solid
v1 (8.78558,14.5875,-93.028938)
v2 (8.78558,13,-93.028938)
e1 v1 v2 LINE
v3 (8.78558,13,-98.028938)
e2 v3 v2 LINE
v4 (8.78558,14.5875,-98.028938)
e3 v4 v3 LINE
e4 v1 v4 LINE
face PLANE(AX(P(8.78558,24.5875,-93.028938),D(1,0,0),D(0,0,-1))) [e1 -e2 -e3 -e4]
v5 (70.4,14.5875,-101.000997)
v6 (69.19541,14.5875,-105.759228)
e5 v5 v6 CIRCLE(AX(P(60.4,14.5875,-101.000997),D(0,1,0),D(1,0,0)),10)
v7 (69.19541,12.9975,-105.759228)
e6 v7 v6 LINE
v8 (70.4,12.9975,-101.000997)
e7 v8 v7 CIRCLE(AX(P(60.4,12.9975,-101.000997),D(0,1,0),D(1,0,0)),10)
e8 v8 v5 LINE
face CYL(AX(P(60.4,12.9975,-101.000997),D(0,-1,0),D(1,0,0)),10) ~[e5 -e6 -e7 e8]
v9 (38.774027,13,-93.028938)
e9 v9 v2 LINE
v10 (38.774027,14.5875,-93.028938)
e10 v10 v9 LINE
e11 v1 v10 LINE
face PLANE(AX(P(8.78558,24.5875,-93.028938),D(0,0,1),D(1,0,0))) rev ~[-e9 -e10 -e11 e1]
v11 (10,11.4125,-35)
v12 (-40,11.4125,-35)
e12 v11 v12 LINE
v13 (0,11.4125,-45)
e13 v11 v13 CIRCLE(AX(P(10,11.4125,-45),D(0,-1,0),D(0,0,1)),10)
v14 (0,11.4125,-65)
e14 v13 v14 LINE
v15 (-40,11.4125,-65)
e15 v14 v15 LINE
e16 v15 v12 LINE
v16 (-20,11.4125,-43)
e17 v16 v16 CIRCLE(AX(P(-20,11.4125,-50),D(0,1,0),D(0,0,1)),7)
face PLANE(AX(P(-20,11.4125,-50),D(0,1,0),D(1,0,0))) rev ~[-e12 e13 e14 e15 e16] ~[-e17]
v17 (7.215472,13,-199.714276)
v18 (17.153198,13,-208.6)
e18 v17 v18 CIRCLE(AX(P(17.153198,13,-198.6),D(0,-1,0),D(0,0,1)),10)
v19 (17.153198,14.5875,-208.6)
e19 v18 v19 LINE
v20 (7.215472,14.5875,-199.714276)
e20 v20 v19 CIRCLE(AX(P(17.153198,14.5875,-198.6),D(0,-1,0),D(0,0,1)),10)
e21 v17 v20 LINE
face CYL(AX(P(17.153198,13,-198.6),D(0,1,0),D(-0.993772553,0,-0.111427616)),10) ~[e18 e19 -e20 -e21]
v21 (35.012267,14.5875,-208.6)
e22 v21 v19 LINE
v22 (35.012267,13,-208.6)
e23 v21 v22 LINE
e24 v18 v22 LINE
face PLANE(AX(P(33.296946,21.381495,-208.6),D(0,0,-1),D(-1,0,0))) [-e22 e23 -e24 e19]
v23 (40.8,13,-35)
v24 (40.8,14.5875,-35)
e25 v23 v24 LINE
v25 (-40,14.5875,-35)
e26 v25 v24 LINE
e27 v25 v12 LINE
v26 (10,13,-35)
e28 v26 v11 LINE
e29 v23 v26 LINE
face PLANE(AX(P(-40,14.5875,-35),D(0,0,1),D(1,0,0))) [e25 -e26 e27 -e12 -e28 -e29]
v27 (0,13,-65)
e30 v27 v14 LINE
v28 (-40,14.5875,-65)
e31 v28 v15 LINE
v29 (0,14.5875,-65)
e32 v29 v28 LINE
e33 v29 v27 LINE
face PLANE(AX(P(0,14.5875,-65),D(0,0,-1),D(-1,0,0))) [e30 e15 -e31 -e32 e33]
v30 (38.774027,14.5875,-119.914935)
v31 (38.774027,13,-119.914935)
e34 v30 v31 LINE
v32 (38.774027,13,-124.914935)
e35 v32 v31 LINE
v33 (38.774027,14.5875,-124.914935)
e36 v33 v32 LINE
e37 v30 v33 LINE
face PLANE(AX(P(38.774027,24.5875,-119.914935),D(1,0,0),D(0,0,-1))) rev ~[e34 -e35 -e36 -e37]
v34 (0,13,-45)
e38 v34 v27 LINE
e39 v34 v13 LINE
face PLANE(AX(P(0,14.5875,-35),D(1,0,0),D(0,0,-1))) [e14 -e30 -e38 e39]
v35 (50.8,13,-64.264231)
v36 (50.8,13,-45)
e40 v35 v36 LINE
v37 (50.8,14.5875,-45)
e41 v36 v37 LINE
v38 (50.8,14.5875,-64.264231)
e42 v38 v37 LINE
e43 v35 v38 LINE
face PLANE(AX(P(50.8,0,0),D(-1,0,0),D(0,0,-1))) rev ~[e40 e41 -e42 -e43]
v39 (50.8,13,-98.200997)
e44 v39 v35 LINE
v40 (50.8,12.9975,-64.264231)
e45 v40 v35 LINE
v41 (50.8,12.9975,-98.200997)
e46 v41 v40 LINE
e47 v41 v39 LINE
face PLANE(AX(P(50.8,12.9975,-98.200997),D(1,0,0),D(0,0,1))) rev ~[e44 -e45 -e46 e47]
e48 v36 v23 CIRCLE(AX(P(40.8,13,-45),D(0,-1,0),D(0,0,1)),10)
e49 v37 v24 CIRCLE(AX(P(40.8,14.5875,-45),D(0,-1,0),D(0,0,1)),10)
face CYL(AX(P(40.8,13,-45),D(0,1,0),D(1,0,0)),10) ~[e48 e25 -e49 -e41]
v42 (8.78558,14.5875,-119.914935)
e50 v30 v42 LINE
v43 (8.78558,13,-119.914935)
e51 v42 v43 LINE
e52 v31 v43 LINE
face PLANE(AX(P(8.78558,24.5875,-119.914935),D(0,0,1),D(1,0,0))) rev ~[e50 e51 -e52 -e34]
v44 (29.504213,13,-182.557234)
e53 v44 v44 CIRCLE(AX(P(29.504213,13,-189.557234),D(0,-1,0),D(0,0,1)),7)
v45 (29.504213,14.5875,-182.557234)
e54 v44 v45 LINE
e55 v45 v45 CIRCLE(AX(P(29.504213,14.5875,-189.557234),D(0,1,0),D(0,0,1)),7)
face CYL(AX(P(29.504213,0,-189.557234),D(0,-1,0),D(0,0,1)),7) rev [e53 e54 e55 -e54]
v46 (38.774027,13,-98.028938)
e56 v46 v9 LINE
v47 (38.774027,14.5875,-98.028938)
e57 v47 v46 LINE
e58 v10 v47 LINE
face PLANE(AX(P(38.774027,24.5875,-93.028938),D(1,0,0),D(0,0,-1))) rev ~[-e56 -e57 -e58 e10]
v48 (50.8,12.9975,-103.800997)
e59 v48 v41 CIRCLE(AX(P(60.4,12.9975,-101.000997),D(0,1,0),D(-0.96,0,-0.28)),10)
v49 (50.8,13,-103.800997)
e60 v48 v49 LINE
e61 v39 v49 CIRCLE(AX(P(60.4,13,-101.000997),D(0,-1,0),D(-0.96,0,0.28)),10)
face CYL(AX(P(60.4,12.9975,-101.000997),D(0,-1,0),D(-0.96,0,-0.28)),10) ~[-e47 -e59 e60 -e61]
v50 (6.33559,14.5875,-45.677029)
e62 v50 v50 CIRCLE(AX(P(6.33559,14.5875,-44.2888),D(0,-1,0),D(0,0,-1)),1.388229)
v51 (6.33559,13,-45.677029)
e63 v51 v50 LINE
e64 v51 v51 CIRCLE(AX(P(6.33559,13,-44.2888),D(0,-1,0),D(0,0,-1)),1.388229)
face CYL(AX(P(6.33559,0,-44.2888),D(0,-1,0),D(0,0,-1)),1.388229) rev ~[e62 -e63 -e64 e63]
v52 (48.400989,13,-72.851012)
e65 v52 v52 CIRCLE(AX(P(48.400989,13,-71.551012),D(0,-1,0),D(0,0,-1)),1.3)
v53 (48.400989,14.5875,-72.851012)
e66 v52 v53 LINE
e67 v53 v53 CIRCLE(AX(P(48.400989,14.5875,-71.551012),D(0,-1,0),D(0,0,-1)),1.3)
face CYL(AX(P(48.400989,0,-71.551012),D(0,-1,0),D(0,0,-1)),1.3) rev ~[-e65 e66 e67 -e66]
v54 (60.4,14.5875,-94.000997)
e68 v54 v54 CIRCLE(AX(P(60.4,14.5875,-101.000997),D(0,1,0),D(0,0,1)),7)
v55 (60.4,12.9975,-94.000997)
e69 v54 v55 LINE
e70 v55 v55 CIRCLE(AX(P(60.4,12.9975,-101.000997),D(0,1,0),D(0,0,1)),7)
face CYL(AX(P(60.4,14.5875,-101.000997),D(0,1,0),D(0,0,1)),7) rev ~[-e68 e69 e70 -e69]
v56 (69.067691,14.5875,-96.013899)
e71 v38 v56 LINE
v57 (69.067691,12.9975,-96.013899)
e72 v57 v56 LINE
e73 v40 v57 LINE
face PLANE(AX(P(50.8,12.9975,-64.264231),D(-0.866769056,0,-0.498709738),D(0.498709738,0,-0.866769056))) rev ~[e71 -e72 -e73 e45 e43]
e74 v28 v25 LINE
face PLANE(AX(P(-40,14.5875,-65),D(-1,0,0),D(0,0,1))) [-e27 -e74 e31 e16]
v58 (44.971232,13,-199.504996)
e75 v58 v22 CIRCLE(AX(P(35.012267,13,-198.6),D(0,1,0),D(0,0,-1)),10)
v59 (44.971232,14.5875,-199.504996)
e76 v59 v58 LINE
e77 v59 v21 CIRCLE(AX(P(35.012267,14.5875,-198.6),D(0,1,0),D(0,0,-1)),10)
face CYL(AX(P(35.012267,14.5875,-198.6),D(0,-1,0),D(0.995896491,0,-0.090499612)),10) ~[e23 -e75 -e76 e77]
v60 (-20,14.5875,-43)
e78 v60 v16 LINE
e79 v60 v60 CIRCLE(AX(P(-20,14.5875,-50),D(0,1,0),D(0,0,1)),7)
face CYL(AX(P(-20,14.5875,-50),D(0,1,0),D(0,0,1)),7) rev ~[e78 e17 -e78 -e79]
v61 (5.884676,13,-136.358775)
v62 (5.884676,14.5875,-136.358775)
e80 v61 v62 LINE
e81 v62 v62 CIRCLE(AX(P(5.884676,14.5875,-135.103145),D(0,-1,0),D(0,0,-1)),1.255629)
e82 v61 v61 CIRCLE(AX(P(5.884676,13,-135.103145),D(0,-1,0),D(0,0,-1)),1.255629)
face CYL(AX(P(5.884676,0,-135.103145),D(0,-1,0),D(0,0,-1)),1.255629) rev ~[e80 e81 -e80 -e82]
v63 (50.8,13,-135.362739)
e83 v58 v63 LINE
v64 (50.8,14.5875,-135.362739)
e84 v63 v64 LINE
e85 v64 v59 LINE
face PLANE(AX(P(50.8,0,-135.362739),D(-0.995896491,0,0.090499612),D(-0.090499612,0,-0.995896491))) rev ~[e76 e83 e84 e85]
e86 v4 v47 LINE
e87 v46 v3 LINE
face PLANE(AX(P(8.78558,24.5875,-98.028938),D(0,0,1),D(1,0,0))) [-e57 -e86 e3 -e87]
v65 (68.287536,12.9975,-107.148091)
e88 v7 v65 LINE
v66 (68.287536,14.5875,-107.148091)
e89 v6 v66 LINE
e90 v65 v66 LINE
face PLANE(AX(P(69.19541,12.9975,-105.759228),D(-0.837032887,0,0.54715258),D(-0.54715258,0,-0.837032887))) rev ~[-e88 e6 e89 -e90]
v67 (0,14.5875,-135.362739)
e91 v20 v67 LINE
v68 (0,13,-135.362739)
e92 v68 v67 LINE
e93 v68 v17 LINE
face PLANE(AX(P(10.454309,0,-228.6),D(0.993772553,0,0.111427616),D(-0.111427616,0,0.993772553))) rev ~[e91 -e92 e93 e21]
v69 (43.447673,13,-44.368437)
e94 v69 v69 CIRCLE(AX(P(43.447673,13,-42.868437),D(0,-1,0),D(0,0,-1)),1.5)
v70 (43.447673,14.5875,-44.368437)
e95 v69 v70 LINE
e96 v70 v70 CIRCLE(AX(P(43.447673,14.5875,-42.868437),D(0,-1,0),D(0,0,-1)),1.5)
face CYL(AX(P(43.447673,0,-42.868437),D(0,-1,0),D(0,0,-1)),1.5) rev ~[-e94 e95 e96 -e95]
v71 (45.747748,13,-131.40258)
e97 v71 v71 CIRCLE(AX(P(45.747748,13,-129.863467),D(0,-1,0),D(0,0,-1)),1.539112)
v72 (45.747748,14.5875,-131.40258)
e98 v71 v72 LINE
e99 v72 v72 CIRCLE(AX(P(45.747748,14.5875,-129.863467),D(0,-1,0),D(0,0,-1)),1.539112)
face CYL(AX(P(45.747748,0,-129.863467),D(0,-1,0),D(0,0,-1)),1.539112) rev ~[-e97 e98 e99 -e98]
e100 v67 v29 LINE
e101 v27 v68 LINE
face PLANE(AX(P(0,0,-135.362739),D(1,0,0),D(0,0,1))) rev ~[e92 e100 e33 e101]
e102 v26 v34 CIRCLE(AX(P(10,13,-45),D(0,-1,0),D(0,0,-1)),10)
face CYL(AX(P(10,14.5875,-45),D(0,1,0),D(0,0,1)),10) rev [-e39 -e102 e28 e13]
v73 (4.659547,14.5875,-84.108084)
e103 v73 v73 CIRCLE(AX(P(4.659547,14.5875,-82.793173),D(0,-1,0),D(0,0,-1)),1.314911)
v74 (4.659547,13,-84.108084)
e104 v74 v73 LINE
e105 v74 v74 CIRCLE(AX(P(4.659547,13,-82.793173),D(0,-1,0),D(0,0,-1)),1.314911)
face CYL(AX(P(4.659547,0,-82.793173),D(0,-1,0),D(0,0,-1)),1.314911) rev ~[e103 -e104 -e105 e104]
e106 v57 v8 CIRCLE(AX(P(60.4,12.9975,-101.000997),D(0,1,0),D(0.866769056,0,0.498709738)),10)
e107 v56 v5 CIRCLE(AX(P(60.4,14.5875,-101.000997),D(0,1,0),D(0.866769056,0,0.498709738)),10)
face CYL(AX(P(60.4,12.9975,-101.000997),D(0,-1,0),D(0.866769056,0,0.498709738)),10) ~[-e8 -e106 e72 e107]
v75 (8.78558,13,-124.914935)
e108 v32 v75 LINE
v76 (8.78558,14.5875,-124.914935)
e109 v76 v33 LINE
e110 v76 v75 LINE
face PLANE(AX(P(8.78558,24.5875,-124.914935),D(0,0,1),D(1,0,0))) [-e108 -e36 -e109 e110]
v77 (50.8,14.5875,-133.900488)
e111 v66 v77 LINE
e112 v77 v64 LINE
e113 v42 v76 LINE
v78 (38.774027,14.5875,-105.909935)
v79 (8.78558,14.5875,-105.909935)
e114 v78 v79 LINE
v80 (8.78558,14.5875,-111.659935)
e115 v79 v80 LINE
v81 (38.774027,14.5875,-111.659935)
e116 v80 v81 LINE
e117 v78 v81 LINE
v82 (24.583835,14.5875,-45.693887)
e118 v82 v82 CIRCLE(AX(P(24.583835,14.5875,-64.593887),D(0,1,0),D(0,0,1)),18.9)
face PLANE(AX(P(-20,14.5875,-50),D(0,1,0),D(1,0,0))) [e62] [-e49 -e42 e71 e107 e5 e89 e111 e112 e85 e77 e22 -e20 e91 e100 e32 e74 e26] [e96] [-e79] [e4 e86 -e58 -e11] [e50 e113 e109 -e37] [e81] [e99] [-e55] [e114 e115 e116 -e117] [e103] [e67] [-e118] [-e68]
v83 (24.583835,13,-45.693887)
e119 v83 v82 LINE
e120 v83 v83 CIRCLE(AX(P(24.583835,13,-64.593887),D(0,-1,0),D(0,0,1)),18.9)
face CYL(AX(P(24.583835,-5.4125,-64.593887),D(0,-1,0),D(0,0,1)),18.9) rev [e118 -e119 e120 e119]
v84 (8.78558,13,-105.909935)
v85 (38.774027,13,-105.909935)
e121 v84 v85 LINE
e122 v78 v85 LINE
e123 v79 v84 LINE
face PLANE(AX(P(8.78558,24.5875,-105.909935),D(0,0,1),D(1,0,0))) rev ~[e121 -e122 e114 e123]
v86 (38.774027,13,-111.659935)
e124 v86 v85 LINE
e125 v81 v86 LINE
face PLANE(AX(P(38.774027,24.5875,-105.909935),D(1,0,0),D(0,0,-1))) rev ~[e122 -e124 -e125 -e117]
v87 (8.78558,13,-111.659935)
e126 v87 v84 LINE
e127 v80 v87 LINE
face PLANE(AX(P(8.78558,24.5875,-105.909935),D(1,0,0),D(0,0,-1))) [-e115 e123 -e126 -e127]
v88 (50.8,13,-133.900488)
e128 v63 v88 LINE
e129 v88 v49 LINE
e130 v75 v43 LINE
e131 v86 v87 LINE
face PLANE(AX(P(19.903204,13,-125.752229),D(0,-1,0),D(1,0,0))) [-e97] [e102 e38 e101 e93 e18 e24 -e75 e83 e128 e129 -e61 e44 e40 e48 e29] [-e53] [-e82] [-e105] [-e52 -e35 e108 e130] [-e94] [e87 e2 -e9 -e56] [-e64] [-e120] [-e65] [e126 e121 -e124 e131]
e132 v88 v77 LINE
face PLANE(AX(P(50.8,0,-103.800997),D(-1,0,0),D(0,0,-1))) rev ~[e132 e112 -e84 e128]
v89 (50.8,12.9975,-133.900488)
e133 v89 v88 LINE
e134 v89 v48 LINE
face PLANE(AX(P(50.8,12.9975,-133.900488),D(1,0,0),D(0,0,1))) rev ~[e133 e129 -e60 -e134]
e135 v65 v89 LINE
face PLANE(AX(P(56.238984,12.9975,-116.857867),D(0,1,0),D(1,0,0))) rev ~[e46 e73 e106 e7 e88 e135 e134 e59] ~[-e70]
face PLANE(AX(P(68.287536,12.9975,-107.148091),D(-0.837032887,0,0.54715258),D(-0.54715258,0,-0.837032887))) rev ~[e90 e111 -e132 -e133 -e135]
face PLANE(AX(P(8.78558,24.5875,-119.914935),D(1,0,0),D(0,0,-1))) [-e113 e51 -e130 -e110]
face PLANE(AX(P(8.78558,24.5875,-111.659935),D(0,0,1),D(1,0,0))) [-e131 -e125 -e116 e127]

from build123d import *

# Parameters (mm, degrees)
SKETCH1_R           = 2.875
SKETCH1_R_2         = 7
BOSS_EXTRUDE1_DEPTH = 24.5875
SKETCH4_W           = 66.272407177
SKETCH4_H           = 27.800260981
CUT_EXTRUDE2_DEPTH  = 20
FILLET3_R           = 10
FILLET4_R           = 10
BOSS_EXTRUDE3_START = -1.5875
BOSS_EXTRUDE3_DEPTH = 1.5875
SKETCH7_R           = 7
CUT_EXTRUDE3_DEPTH  = 1.5875
CUT_EXTRUDE4_START  = -10
SKETCH8_R           = 3
SKETCH8_R_2         = 18.9
SKETCH8_R_3         = 2.875
SKETCH8_R_4         = 7
CUT_EXTRUDE4_DEPTH  = 10
SKETCH9_W           = 229.1070397
SKETCH9_H           = 361.266964835
SKETCH9_R           = 1.388229101
SKETCH9_R_2         = 1.483383261
SKETCH9_R_3         = 1.314910669
SKETCH9_R_4         = 1.248623853
SKETCH9_R_5         = 1.255629307
SKETCH9_R_6         = 1.53911217
CUT_EXTRUDE5_DEPTH  = 13
SKETCH10_W          = 29.988446547
SKETCH10_H          = 5
SKETCH10_H_2        = 5.75
CUT_EXTRUDE6_DEPTH  = 22
SKETCH11_R          = 5.236653548
CUT_EXTRUDE7_DEPTH  = 10
BOSS_EXTRUDE4_START = -1.59
BOSS_EXTRUDE4_DEPTH = 1.59
SKETCH13_R          = 7
CUT_EXTRUDE8_DEPTH  = 41
SKETCH14_W          = 61.491848917
SKETCH14_H          = 35.587491391
CUT_EXTRUDE9_DEPTH  = 20
FILLET5_R           = 10
SKETCH16_W          = 163.723031551
SKETCH16_H          = 22.872070304
CUT_EXTRUDE11_DEPTH = 35
FILLET6_R           = 10
SKETCH17_R          = 1.53911217
SKETCH17_R_2        = 1.255629307
SKETCH17_R_3        = 1.3
SKETCH17_R_4        = 1.314910669
SKETCH17_R_5        = 1.388229101
SKETCH17_R_6        = 1.5
CUT_EXTRUDE12_DEPTH = 42
CUT_EXTRUDE13_START = -30
SKETCH18_R          = 18.9
CUT_EXTRUDE13_DEPTH = 30
SKETCH19_R          = 7
BOSS_EXTRUDE5_DEPTH = 3.175


with BuildPart() as part:
    # Sketch1 → Boss-Extrude1 (new body)
    with BuildSketch(Plane(origin=(0, 0, 0), x_dir=(1, 0, 0), z_dir=(0, 1, 0))):
        with BuildLine():
            Line((42.32729629, 228.6), (10.454309325, 228.6))
            Line((10.454309325, 228.6), (0, 135.362739137))
            Line((0, 135.362739137), (0, 0))
            Line((0, 0), (24.327009544, 0))
            Line((24.327009544, 0), (50.8, 0))
            Line((50.8, 0), (50.8, 64.87909603))
            Line((50.8, 64.87909603), (50.8, 87.423477361))
            Line((50.8, 87.423477361), (50.8, 98.200996728))
            ThreePointArc((50.8, 98.200996728), (50.4, 101.000996728), (50.8, 103.800996728))
            Line((50.8, 103.800996728), (50.8, 104.488200565))
            Line((50.8, 104.488200565), (50.8, 120.619222808))
            Line((50.8, 120.619222808), (50.8, 135.362739137))
            Line((50.8, 135.362739137), (42.32729629, 228.6))
        make_face()
        with Locations(Location((24.101759227, 108.78493524, 0), (0, 0, 270))):
            Circle(SKETCH1_R, mode=Mode.SUBTRACT)
        with Locations(Location((29.504213454, 189.557234372, 0), (0, 0, 270))):
            Circle(SKETCH1_R_2, mode=Mode.SUBTRACT)
    extrude(amount=BOSS_EXTRUDE1_DEPTH)

    # Sketch4 → Cut-Extrude2 (cut)
    with BuildSketch(Plane(origin=(0, 0, -228.6), x_dir=(-1, 0, 0), z_dir=(0, 0, -1))):
        with Locations((-28.174690156, -1.980940155)):
            Rectangle(SKETCH4_W, SKETCH4_H)
    extrude(amount=-CUT_EXTRUDE2_DEPTH, mode=Mode.SUBTRACT)

    # Fillet3
    fillet3_edges = [part.edges().sort_by_distance(p)[0] for p in [
        (44.144746445, 5.959595168, -208.6),
    ]]
    fillet(fillet3_edges, radius=FILLET3_R)

    # Fillet4
    fillet4_edges = [part.edges().sort_by_distance(p)[0] for p in [
        (50.8, 12.29375, 0),
        (0, 12.29375, 0),
        (8.211791854, 5.959595168, -208.6),
    ]]
    fillet(fillet4_edges, radius=FILLET4_R)

    # Sketch6 → Boss-Extrude3 (add)
    with BuildSketch(Plane(origin=(0, 24.5875, 0), x_dir=(1, 0, 0), z_dir=(0, 1, 0)).offset(BOSS_EXTRUDE3_START)):
        with BuildLine():
            Line((50.8, 135.362739137), (50.8, 103.800996728))
            ThreePointArc((50.8, 103.800996728), (50.4, 101.000996728), (50.8, 98.200996728))
            Line((50.8, 98.200996728), (50.8, 61.124243317))
            Line((50.8, 61.124243317), (69.258211507, 96.360728536))
            ThreePointArc((69.258211507, 96.360728536), (70.393157133, 101.370875786), (68.890940865, 106.283413148))
            Line((68.890940865, 106.283413148), (50.8, 135.362739137))
        make_face()
    extrude(amount=BOSS_EXTRUDE3_DEPTH)

    # Sketch7 → Cut-Extrude3 (cut)
    with BuildSketch(Plane(origin=(0, 24.5875, 0), x_dir=(1, 0, 0), z_dir=(0, 1, 0))):
        with Locations(Location((60.4, 101.000996728, 0), (0, 0, 270))):
            Circle(SKETCH7_R)
    extrude(amount=-CUT_EXTRUDE3_DEPTH, mode=Mode.SUBTRACT)

    # Sketch8 → Cut-Extrude4 (cut)
    with BuildSketch(Plane(origin=(0, 24.5875, 0), x_dir=(1, 0, 0), z_dir=(0, 1, 0)).offset(CUT_EXTRUDE4_START)):
        with BuildLine():
            Line((10.454309325, 228.6), (0, 135.362739137))
            Line((0, 135.362739137), (0, 10))
            ThreePointArc((0, 10), (2.928932188, 2.928932188), (10, 0))
            Line((10, 0), (40.8, 0))
            ThreePointArc((40.8, 0), (47.871067812, 2.928932188), (50.8, 10))
            Line((50.8, 10), (50.8, 61.124243317))
            Line((50.8, 61.124243317), (69.258211507, 96.360728536))
            ThreePointArc((69.258211507, 96.360728536), (70.393157133, 101.370875786), (68.890940865, 106.283413148))
            Line((68.890940865, 106.283413148), (50.8, 135.362739137))
            Line((50.8, 135.362739137), (42.32729629, 228.6))
            Line((42.32729629, 228.6), (10.454309325, 228.6))
        make_face()
        with Locations(Location((9.492033273, 118.909935242, 0), (0, 0, 270))):
            Circle(SKETCH8_R, mode=Mode.SUBTRACT)
        with Locations(Location((24.583834565, 64.593886665, 0), (0, 0, 270))):
            Circle(SKETCH8_R_2, mode=Mode.SUBTRACT)
        with Locations(Location((24.101759227, 108.78493524, 0), (0, 0, 270))):
            Circle(SKETCH8_R_3, mode=Mode.SUBTRACT)
        with Locations((60.4, 101.000996728)):
            Circle(SKETCH8_R_4, mode=Mode.SUBTRACT)
        with Locations(Location((29.504213454, 189.557234372, 0), (0, 0, 270))):
            Circle(SKETCH8_R_4, mode=Mode.SUBTRACT)
    extrude(amount=CUT_EXTRUDE4_DEPTH, mode=Mode.SUBTRACT)

    # Sketch9 → Cut-Extrude5 (cut)
    with BuildSketch(Plane.XZ):
        with Locations((19.903204009, -125.752229467)):
            Rectangle(SKETCH9_W, SKETCH9_H)
        with Locations(Location((6.335590122, -44.288799513, 0), (0, 0, 270))):
            Circle(SKETCH9_R, mode=Mode.SUBTRACT)
        with Locations(Location((43.447673368, -42.868436544, 0), (0, 0, 270))):
            Circle(SKETCH9_R_2, mode=Mode.SUBTRACT)
        with Locations(Location((4.659546827, -82.793173401, 0), (0, 0, 270))):
            Circle(SKETCH9_R_3, mode=Mode.SUBTRACT)
        with Locations(Location((48.400988852, -71.551011715, 0), (0, 0, 270))):
            Circle(SKETCH9_R_4, mode=Mode.SUBTRACT)
        with Locations(Location((5.88467603, -135.103145298, 0), (0, 0, 270))):
            Circle(SKETCH9_R_5, mode=Mode.SUBTRACT)
        with Locations(Location((45.747747887, -129.863467374, 0), (0, 0, 270))):
            Circle(SKETCH9_R_6, mode=Mode.SUBTRACT)
    extrude(amount=-CUT_EXTRUDE5_DEPTH, mode=Mode.SUBTRACT)

    # Sketch10 → Cut-Extrude6 (cut)
    with BuildSketch(Plane(origin=(0, 24.5875, 0), x_dir=(1, 0, 0), z_dir=(0, 1, 0))):
        with Locations((23.779803557, 122.41493524)):
            Rectangle(SKETCH10_W, SKETCH10_H)
        with Locations((23.779803557, 108.78493524)):
            Rectangle(SKETCH10_W, SKETCH10_H_2)
        with Locations((23.779803557, 95.528937895)):
            Rectangle(SKETCH10_W, SKETCH10_H)
    extrude(amount=-CUT_EXTRUDE6_DEPTH, mode=Mode.SUBTRACT)

    # Sketch11 → Cut-Extrude7 (cut)
    with BuildSketch(Plane(origin=(0, 24.5875, 0), x_dir=(1, 0, 0), z_dir=(0, 1, 0))):
        with Locations((8.535526315, 118.29502971)):
            Circle(SKETCH11_R)
    extrude(amount=-CUT_EXTRUDE7_DEPTH, mode=Mode.SUBTRACT)

    # Sketch12 → Boss-Extrude4 (add)
    with BuildSketch(Plane(origin=(0, 14.5875, 0), x_dir=(1, 0, 0), z_dir=(0, 1, 0)).offset(BOSS_EXTRUDE4_START)):
        with BuildLine():
            Line((68.287536191, 107.148091395), (50.8, 133.900488173))
            Line((50.8, 133.900488173), (50.8, 103.800996728))
            ThreePointArc((50.8, 103.800996728), (58.520134646, 110.822712782), (68.287536191, 107.148091395))
        make_face()
        with BuildLine():
            Line((69.19540964, 105.759228466), (68.287536191, 107.148091395))
            ThreePointArc((68.287536191, 107.148091395), (58.520134646, 110.822712782), (50.8, 103.800996728))
            ThreePointArc((50.8, 103.800996728), (50.4, 101.000996728), (50.8, 98.200996728))
            ThreePointArc((50.8, 98.200996728), (59.211240578, 91.07190558), (69.067690563, 96.013899345))
            ThreePointArc((69.067690563, 96.013899345), (70.061182785, 98.419999404), (70.4, 101.000996728))
            ThreePointArc((70.4, 101.000996728), (70.094175994, 103.455167016), (69.19540964, 105.759228466))
        make_face()
        with BuildLine():
            ThreePointArc((69.067690563, 96.013899345), (59.211240578, 91.07190558), (50.8, 98.200996728))
            Line((50.8, 98.200996728), (50.8, 64.264230765))
            Line((50.8, 64.264230765), (69.067690563, 96.013899345))
        make_face()
    extrude(amount=BOSS_EXTRUDE4_DEPTH)

    # Sketch13 → Cut-Extrude8 (cut)
    with BuildSketch(Plane(origin=(0, 14.5875, 0), x_dir=(1, 0, 0), z_dir=(0, 1, 0))):
        with Locations(Location((60.4, 101.000996728, 0), (0, 0, 270))):
            Circle(SKETCH13_R)
    extrude(amount=-CUT_EXTRUDE8_DEPTH, mode=Mode.SUBTRACT)

    # Sketch14 → Cut-Extrude9 (cut)
    with BuildSketch(Plane(origin=(0, 0, -228.6), x_dir=(-1, 0, 0), z_dir=(0, 0, -1))):
        with Locations((-33.296946078, 21.381494753)):
            Rectangle(SKETCH14_W, SKETCH14_H)
    extrude(amount=-CUT_EXTRUDE9_DEPTH, mode=Mode.SUBTRACT)

    # Fillet5
    fillet5_edges = [part.edges().sort_by_distance(p)[0] for p in [
        (44.144746445, 13.79375, -208.6),
        (8.211791854, 13.79375, -208.6),
    ]]
    fillet(fillet5_edges, radius=FILLET5_R)

    # Sketch16 → Cut-Extrude11 (cut)
    with BuildSketch(Plane.XY):
        with Locations((6.935844153, 9.456999915)):
            Rectangle(SKETCH16_W, SKETCH16_H)
    extrude(amount=-CUT_EXTRUDE11_DEPTH, mode=Mode.SUBTRACT)

    # Fillet6
    fillet6_edges = [part.edges().sort_by_distance(p)[0] for p in [
        (0, 13.79375, -35),
        (50.8, 13.79375, -35),
    ]]
    fillet(fillet6_edges, radius=FILLET6_R)

    # Sketch17 → Cut-Extrude12 (cut)
    with BuildSketch(Plane.XZ):
        with Locations(Location((45.747747887, -129.863467374, 0), (0, 0, 270))):
            Circle(SKETCH17_R)
        with Locations(Location((5.88467603, -135.103145298, 0), (0, 0, 270))):
            Circle(SKETCH17_R_2)
        with Locations(Location((48.400988852, -71.551011715, 0), (0, 0, 270))):
            Circle(SKETCH17_R_3)
        with Locations(Location((4.659546827, -82.793173401, 0), (0, 0, 270))):
            Circle(SKETCH17_R_4)
        with Locations(Location((6.335590122, -44.288799513, 0), (0, 0, 270))):
            Circle(SKETCH17_R_5)
        with Locations(Location((43.447673368, -42.868436544, 0), (0, 0, 270))):
            Circle(SKETCH17_R_6)
    extrude(amount=-CUT_EXTRUDE12_DEPTH, mode=Mode.SUBTRACT)

    # Sketch18 → Cut-Extrude13 (cut)
    with BuildSketch(Plane(origin=(0, 24.5875, 0), x_dir=(1, 0, 0), z_dir=(0, 1, 0)).offset(CUT_EXTRUDE13_START)):
        with Locations(Location((24.583834565, 64.593886665, 0), (0, 0, 270))):
            Circle(SKETCH18_R)
    extrude(amount=CUT_EXTRUDE13_DEPTH, mode=Mode.SUBTRACT)

    # Sketch19 → Boss-Extrude5 (add)
    # profile 1 of 2: a face of its own
    with BuildSketch(Plane(origin=(0, 14.5875, 0), x_dir=(1, 0, 0), z_dir=(0, 1, 0))):
        Polygon((0, 45), (0, 65), (-40, 65), (-40, 35), (0, 35), align=None)
        with Locations(Location((-20, 50, 0), (0, 0, 270))):
            Circle(SKETCH19_R, mode=Mode.SUBTRACT)
    # profile 2 of 2: a face of its own
    with BuildSketch(Plane(origin=(0, 14.5875, 0), x_dir=(1, 0, 0), z_dir=(0, 1, 0))):
        with BuildLine():
            ThreePointArc((10, 35), (2.928932188, 37.928932188), (0, 45))
            Line((0, 45), (0, 35))
            Line((0, 35), (10, 35))
        make_face()
    extrude(amount=-BOSS_EXTRUDE5_DEPTH)


solid = part.part
